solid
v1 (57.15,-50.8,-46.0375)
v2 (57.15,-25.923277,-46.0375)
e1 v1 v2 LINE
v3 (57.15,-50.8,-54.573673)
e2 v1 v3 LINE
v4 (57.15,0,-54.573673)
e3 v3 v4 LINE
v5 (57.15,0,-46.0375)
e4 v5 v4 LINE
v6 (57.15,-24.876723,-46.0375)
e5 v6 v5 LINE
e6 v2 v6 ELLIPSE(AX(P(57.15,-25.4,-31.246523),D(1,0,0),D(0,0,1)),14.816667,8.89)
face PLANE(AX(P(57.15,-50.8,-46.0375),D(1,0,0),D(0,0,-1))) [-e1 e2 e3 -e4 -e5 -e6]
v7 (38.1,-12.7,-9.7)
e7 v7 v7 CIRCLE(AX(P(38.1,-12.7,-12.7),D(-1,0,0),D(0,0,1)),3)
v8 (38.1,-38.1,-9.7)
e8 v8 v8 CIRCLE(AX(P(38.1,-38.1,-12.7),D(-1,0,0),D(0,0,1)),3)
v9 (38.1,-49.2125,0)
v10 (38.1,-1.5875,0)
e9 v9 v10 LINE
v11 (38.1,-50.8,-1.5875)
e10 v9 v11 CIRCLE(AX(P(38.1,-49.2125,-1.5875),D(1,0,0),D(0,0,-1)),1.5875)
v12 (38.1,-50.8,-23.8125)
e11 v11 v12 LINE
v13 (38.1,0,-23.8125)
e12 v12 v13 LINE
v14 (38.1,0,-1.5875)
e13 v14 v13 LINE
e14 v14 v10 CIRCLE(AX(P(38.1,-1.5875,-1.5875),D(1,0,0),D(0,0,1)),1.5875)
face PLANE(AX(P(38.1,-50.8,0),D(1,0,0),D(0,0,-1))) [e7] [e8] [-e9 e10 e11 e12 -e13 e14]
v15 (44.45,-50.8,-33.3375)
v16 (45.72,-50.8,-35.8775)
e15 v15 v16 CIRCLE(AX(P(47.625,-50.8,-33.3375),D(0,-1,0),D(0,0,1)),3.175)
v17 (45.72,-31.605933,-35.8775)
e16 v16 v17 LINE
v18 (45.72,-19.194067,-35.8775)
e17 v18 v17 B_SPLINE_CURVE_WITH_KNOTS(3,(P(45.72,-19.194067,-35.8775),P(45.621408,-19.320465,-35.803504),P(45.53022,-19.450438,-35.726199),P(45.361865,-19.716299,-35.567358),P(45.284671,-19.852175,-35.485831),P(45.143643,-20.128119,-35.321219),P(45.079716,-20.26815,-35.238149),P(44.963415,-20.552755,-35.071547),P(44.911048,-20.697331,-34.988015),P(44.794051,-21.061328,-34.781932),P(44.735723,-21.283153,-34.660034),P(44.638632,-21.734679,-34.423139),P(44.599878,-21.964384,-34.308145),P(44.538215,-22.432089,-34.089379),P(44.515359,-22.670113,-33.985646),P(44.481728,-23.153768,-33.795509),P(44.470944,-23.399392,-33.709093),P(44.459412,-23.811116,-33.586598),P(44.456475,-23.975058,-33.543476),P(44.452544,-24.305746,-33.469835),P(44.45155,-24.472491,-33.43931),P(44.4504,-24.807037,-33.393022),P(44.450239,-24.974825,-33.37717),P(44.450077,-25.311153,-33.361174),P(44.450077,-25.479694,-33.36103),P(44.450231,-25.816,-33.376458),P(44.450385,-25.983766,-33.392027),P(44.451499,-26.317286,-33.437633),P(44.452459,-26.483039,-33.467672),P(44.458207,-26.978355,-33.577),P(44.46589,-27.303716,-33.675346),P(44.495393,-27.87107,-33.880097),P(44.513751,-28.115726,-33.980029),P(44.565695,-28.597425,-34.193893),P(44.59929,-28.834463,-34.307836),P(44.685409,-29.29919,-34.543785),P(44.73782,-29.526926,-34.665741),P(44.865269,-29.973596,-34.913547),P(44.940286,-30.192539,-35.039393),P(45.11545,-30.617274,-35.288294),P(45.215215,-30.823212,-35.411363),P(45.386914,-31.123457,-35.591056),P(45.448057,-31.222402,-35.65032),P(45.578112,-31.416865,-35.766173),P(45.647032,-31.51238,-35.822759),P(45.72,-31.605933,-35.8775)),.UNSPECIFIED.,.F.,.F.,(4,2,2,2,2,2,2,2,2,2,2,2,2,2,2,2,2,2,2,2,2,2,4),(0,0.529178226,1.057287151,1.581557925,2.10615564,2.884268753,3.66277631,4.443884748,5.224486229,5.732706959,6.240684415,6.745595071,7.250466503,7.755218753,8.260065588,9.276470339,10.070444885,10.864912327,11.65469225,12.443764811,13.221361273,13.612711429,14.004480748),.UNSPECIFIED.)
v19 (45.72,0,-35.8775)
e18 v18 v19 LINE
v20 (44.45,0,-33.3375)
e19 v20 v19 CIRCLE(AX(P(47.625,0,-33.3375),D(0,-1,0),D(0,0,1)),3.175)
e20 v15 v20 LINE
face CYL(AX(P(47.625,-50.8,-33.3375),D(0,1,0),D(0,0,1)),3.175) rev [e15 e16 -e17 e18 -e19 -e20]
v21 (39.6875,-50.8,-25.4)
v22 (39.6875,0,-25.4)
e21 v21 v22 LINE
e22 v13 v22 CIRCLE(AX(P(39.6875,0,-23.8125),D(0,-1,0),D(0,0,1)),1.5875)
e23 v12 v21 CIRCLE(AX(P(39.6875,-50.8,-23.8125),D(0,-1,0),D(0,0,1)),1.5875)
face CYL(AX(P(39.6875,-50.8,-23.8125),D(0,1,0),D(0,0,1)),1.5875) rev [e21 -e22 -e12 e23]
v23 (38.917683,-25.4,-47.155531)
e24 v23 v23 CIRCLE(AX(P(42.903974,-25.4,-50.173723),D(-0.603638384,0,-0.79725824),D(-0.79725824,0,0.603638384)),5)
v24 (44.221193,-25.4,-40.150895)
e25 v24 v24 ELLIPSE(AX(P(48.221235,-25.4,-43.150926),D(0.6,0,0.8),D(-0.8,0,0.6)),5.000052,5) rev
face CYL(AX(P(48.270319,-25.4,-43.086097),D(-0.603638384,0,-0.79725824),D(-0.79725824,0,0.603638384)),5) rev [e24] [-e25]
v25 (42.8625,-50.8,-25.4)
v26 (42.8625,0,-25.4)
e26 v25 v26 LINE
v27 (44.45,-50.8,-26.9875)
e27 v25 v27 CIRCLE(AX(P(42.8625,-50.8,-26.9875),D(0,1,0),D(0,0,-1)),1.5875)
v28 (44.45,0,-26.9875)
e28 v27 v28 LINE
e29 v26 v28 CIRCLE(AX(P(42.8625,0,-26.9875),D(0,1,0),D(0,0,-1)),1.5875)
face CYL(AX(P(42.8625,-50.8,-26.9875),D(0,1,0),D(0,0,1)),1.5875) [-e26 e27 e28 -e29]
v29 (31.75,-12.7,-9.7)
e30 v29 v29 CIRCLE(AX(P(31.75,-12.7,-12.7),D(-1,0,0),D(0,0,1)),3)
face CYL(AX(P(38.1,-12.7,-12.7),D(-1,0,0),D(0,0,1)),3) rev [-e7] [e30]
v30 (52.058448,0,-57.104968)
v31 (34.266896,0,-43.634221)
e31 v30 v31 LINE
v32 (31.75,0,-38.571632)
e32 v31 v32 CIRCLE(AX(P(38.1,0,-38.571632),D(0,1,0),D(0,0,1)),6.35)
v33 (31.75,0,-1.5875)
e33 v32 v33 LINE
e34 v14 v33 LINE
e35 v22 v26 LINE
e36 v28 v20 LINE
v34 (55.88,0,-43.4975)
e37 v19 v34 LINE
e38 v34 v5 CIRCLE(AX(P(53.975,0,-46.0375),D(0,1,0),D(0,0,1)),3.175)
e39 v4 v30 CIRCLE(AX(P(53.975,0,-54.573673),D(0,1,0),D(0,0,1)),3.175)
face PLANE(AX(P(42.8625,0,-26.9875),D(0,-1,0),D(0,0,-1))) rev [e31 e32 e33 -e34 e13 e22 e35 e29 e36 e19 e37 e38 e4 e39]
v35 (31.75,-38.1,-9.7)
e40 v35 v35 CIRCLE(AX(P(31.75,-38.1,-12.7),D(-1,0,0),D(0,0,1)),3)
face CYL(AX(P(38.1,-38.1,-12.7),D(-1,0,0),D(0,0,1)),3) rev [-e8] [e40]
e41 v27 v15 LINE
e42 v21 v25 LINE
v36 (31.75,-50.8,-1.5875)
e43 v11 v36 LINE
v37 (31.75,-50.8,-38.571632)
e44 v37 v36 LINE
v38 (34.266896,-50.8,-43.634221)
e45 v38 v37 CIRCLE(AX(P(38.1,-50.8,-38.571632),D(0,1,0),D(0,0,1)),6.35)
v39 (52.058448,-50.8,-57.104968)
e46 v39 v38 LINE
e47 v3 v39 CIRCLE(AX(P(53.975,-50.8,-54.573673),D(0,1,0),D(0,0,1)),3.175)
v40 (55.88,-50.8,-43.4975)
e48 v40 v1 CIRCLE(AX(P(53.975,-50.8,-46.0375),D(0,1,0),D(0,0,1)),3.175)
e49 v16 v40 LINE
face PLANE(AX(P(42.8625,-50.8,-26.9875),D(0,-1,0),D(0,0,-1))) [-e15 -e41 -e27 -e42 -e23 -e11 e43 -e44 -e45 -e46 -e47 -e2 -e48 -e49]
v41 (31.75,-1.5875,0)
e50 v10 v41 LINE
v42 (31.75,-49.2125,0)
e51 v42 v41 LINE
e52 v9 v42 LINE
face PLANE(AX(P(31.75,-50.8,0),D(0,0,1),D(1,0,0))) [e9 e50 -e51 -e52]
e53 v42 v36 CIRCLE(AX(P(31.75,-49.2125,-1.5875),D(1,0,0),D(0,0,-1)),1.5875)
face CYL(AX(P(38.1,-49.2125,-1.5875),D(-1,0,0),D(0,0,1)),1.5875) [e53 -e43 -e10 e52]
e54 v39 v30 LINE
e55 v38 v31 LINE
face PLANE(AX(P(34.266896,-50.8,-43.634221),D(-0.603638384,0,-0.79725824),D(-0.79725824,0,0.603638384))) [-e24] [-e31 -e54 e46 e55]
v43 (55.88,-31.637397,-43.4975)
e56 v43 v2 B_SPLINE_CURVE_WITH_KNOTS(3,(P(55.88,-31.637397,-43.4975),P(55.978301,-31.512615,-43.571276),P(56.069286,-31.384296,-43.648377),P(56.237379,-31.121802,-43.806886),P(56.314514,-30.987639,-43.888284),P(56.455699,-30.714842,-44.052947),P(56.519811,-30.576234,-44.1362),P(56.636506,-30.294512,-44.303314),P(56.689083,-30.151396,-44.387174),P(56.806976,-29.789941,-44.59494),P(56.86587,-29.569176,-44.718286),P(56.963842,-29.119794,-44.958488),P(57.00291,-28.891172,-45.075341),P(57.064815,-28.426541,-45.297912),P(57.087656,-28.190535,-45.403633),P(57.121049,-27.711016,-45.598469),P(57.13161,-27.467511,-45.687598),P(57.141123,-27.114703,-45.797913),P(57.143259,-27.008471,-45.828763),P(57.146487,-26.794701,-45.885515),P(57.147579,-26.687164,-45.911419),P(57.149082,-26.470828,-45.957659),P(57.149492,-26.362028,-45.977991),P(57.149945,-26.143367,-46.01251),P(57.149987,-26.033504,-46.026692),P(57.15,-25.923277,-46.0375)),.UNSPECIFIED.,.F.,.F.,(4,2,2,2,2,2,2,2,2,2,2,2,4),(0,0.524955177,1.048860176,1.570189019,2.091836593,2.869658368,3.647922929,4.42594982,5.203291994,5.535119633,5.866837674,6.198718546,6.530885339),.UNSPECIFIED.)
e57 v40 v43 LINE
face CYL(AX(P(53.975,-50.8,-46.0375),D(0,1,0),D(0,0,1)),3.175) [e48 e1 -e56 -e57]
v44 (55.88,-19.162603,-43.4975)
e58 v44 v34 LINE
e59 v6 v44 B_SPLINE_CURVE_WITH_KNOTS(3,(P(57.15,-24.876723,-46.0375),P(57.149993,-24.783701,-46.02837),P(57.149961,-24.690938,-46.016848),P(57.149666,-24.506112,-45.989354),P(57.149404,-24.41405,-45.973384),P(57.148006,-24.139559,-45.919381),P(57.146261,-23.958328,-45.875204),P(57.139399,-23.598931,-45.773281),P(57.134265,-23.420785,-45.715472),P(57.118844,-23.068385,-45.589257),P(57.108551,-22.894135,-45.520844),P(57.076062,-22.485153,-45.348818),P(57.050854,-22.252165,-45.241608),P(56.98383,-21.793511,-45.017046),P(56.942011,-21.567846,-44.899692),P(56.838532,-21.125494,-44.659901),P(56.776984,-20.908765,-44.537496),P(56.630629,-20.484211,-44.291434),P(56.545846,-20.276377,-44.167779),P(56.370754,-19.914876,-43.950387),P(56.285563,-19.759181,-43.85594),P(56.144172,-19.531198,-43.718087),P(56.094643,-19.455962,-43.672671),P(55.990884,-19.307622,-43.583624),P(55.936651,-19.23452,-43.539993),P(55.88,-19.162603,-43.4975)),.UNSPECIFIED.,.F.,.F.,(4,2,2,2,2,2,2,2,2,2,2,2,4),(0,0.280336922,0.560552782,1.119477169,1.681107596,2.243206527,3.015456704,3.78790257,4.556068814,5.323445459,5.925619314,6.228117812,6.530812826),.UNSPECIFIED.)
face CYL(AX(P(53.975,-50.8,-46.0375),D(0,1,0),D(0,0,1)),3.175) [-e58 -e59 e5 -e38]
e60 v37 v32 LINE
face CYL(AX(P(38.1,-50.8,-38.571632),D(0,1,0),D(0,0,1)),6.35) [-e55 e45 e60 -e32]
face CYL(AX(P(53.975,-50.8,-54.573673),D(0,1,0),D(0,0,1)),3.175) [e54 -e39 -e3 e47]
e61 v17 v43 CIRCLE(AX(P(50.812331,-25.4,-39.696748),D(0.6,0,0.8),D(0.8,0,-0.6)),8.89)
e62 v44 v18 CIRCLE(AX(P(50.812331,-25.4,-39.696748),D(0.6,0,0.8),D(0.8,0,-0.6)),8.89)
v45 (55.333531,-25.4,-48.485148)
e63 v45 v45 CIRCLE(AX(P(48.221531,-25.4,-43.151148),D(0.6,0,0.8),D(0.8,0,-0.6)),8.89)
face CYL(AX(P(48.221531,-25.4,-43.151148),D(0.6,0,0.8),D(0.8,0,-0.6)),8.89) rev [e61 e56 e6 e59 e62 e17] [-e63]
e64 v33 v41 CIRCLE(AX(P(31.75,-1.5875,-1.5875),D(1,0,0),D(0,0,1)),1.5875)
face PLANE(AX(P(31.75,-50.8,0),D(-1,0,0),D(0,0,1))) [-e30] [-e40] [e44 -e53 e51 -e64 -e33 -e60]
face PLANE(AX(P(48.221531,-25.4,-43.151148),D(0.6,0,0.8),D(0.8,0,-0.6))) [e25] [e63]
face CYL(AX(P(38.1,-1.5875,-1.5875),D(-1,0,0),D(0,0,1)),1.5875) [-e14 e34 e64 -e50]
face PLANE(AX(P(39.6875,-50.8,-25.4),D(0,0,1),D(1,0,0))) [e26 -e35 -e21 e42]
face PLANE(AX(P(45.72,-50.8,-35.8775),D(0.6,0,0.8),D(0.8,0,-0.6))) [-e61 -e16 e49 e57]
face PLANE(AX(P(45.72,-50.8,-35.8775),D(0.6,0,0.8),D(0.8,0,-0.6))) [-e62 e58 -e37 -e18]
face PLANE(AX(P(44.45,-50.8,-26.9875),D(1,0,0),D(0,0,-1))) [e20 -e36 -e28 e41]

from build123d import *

# Parameters (mm, degrees)
BOSS_EXTRUDE1_DEPTH = 50.8
SKETCH15_R          = 5
CUT_EXTRUDE14_DEPTH = 8.89
SKETCH16_R          = 8.89
CUT_EXTRUDE15_DEPTH = 6.858
SKETCH17_R          = 3
CUT_EXTRUDE16_DEPTH = 6.35


with BuildPart() as part:
    # Sketch1 → Boss-Extrude1 (new body)
    with BuildSketch(Plane(origin=(0, 0, 0), x_dir=(1, 0, 0), z_dir=(0, 1, 0))):
        with BuildLine():
            Line((31.75, 0), (31.75, 13.171631631))
            Line((31.75, 13.171631631), (31.75, 38.571631565))
            ThreePointArc((31.75, 38.571631565), (32.413933313, 41.398493011), (34.266896261, 43.63422139))
            Line((34.266896261, 43.63422139), (52.058448131, 57.104967856))
            ThreePointArc((52.058448131, 57.104967856), (55.388430723, 57.416706287), (57.15, 54.573672944))
            Line((57.15, 54.573672944), (57.15, 46.0375))
            ThreePointArc((57.15, 46.0375), (56.814806331, 44.617596834), (55.88, 43.4975))
            Line((55.88, 43.4975), (45.72, 35.8775))
            ThreePointArc((45.72, 35.8775), (44.785193669, 34.757403166), (44.45, 33.3375))
            Line((44.45, 33.3375), (44.45, 26.9875))
            ThreePointArc((44.45, 26.9875), (43.985032015, 25.864967985), (42.8625, 25.4))
            Line((42.8625, 25.4), (39.6875, 25.4))
            ThreePointArc((39.6875, 25.4), (38.564967985, 24.935032015), (38.1, 23.8125))
            Line((38.1, 23.8125), (38.1, 0))
            Line((38.1, 0), (31.75, 0))
        make_face()
    extrude(amount=-BOSS_EXTRUDE1_DEPTH)

    # Sketch15 → Cut-Extrude14 (cut)
    with BuildSketch(Plane(origin=(-8.51306907, 0, -11.243676088), x_dir=(-0.79725824, 0, 0.603638384), z_dir=(-0.603638384, 0, -0.79725824))):
        with Locations((-64.492331876, -25.4)):
            Circle(SKETCH15_R)
    extrude(amount=-CUT_EXTRUDE14_DEPTH, mode=Mode.SUBTRACT)

    # Sketch16 → Cut-Extrude15 (cut)
    with BuildSketch(Plane(origin=(0.762, 0, 1.016), x_dir=(0.8, 0, -0.6), z_dir=(0.6, 0, 0.8))):
        with Locations((64.467913736, -25.4)):
            Circle(SKETCH16_R)
    extrude(amount=-CUT_EXTRUDE15_DEPTH, mode=Mode.SUBTRACT)

    # Sketch17 → Cut-Extrude16 (cut)
    with BuildSketch(Plane.ZY.offset(-31.75)):
        with Locations((-12.7, -12.7)):
            Circle(SKETCH17_R)
        with Locations((-12.7, -38.1)):
            Circle(SKETCH17_R)
        with BuildLine():
            Line((-1.5875, -50.8), (0, -50.8))
            Line((0, -50.8), (0, -49.2125))
            ThreePointArc((0, -49.2125), (-0.464967985, -50.335032015), (-1.5875, -50.8))
        make_face()
        with BuildLine():
            Line((-1.5875, 0), (0, 0))
            Line((0, 0), (0, -1.5875))
            ThreePointArc((0, -1.5875), (-0.464967985, -0.464967985), (-1.5875, 0))
        make_face()
    extrude(amount=-CUT_EXTRUDE16_DEPTH, mode=Mode.SUBTRACT)


solid = part.part
